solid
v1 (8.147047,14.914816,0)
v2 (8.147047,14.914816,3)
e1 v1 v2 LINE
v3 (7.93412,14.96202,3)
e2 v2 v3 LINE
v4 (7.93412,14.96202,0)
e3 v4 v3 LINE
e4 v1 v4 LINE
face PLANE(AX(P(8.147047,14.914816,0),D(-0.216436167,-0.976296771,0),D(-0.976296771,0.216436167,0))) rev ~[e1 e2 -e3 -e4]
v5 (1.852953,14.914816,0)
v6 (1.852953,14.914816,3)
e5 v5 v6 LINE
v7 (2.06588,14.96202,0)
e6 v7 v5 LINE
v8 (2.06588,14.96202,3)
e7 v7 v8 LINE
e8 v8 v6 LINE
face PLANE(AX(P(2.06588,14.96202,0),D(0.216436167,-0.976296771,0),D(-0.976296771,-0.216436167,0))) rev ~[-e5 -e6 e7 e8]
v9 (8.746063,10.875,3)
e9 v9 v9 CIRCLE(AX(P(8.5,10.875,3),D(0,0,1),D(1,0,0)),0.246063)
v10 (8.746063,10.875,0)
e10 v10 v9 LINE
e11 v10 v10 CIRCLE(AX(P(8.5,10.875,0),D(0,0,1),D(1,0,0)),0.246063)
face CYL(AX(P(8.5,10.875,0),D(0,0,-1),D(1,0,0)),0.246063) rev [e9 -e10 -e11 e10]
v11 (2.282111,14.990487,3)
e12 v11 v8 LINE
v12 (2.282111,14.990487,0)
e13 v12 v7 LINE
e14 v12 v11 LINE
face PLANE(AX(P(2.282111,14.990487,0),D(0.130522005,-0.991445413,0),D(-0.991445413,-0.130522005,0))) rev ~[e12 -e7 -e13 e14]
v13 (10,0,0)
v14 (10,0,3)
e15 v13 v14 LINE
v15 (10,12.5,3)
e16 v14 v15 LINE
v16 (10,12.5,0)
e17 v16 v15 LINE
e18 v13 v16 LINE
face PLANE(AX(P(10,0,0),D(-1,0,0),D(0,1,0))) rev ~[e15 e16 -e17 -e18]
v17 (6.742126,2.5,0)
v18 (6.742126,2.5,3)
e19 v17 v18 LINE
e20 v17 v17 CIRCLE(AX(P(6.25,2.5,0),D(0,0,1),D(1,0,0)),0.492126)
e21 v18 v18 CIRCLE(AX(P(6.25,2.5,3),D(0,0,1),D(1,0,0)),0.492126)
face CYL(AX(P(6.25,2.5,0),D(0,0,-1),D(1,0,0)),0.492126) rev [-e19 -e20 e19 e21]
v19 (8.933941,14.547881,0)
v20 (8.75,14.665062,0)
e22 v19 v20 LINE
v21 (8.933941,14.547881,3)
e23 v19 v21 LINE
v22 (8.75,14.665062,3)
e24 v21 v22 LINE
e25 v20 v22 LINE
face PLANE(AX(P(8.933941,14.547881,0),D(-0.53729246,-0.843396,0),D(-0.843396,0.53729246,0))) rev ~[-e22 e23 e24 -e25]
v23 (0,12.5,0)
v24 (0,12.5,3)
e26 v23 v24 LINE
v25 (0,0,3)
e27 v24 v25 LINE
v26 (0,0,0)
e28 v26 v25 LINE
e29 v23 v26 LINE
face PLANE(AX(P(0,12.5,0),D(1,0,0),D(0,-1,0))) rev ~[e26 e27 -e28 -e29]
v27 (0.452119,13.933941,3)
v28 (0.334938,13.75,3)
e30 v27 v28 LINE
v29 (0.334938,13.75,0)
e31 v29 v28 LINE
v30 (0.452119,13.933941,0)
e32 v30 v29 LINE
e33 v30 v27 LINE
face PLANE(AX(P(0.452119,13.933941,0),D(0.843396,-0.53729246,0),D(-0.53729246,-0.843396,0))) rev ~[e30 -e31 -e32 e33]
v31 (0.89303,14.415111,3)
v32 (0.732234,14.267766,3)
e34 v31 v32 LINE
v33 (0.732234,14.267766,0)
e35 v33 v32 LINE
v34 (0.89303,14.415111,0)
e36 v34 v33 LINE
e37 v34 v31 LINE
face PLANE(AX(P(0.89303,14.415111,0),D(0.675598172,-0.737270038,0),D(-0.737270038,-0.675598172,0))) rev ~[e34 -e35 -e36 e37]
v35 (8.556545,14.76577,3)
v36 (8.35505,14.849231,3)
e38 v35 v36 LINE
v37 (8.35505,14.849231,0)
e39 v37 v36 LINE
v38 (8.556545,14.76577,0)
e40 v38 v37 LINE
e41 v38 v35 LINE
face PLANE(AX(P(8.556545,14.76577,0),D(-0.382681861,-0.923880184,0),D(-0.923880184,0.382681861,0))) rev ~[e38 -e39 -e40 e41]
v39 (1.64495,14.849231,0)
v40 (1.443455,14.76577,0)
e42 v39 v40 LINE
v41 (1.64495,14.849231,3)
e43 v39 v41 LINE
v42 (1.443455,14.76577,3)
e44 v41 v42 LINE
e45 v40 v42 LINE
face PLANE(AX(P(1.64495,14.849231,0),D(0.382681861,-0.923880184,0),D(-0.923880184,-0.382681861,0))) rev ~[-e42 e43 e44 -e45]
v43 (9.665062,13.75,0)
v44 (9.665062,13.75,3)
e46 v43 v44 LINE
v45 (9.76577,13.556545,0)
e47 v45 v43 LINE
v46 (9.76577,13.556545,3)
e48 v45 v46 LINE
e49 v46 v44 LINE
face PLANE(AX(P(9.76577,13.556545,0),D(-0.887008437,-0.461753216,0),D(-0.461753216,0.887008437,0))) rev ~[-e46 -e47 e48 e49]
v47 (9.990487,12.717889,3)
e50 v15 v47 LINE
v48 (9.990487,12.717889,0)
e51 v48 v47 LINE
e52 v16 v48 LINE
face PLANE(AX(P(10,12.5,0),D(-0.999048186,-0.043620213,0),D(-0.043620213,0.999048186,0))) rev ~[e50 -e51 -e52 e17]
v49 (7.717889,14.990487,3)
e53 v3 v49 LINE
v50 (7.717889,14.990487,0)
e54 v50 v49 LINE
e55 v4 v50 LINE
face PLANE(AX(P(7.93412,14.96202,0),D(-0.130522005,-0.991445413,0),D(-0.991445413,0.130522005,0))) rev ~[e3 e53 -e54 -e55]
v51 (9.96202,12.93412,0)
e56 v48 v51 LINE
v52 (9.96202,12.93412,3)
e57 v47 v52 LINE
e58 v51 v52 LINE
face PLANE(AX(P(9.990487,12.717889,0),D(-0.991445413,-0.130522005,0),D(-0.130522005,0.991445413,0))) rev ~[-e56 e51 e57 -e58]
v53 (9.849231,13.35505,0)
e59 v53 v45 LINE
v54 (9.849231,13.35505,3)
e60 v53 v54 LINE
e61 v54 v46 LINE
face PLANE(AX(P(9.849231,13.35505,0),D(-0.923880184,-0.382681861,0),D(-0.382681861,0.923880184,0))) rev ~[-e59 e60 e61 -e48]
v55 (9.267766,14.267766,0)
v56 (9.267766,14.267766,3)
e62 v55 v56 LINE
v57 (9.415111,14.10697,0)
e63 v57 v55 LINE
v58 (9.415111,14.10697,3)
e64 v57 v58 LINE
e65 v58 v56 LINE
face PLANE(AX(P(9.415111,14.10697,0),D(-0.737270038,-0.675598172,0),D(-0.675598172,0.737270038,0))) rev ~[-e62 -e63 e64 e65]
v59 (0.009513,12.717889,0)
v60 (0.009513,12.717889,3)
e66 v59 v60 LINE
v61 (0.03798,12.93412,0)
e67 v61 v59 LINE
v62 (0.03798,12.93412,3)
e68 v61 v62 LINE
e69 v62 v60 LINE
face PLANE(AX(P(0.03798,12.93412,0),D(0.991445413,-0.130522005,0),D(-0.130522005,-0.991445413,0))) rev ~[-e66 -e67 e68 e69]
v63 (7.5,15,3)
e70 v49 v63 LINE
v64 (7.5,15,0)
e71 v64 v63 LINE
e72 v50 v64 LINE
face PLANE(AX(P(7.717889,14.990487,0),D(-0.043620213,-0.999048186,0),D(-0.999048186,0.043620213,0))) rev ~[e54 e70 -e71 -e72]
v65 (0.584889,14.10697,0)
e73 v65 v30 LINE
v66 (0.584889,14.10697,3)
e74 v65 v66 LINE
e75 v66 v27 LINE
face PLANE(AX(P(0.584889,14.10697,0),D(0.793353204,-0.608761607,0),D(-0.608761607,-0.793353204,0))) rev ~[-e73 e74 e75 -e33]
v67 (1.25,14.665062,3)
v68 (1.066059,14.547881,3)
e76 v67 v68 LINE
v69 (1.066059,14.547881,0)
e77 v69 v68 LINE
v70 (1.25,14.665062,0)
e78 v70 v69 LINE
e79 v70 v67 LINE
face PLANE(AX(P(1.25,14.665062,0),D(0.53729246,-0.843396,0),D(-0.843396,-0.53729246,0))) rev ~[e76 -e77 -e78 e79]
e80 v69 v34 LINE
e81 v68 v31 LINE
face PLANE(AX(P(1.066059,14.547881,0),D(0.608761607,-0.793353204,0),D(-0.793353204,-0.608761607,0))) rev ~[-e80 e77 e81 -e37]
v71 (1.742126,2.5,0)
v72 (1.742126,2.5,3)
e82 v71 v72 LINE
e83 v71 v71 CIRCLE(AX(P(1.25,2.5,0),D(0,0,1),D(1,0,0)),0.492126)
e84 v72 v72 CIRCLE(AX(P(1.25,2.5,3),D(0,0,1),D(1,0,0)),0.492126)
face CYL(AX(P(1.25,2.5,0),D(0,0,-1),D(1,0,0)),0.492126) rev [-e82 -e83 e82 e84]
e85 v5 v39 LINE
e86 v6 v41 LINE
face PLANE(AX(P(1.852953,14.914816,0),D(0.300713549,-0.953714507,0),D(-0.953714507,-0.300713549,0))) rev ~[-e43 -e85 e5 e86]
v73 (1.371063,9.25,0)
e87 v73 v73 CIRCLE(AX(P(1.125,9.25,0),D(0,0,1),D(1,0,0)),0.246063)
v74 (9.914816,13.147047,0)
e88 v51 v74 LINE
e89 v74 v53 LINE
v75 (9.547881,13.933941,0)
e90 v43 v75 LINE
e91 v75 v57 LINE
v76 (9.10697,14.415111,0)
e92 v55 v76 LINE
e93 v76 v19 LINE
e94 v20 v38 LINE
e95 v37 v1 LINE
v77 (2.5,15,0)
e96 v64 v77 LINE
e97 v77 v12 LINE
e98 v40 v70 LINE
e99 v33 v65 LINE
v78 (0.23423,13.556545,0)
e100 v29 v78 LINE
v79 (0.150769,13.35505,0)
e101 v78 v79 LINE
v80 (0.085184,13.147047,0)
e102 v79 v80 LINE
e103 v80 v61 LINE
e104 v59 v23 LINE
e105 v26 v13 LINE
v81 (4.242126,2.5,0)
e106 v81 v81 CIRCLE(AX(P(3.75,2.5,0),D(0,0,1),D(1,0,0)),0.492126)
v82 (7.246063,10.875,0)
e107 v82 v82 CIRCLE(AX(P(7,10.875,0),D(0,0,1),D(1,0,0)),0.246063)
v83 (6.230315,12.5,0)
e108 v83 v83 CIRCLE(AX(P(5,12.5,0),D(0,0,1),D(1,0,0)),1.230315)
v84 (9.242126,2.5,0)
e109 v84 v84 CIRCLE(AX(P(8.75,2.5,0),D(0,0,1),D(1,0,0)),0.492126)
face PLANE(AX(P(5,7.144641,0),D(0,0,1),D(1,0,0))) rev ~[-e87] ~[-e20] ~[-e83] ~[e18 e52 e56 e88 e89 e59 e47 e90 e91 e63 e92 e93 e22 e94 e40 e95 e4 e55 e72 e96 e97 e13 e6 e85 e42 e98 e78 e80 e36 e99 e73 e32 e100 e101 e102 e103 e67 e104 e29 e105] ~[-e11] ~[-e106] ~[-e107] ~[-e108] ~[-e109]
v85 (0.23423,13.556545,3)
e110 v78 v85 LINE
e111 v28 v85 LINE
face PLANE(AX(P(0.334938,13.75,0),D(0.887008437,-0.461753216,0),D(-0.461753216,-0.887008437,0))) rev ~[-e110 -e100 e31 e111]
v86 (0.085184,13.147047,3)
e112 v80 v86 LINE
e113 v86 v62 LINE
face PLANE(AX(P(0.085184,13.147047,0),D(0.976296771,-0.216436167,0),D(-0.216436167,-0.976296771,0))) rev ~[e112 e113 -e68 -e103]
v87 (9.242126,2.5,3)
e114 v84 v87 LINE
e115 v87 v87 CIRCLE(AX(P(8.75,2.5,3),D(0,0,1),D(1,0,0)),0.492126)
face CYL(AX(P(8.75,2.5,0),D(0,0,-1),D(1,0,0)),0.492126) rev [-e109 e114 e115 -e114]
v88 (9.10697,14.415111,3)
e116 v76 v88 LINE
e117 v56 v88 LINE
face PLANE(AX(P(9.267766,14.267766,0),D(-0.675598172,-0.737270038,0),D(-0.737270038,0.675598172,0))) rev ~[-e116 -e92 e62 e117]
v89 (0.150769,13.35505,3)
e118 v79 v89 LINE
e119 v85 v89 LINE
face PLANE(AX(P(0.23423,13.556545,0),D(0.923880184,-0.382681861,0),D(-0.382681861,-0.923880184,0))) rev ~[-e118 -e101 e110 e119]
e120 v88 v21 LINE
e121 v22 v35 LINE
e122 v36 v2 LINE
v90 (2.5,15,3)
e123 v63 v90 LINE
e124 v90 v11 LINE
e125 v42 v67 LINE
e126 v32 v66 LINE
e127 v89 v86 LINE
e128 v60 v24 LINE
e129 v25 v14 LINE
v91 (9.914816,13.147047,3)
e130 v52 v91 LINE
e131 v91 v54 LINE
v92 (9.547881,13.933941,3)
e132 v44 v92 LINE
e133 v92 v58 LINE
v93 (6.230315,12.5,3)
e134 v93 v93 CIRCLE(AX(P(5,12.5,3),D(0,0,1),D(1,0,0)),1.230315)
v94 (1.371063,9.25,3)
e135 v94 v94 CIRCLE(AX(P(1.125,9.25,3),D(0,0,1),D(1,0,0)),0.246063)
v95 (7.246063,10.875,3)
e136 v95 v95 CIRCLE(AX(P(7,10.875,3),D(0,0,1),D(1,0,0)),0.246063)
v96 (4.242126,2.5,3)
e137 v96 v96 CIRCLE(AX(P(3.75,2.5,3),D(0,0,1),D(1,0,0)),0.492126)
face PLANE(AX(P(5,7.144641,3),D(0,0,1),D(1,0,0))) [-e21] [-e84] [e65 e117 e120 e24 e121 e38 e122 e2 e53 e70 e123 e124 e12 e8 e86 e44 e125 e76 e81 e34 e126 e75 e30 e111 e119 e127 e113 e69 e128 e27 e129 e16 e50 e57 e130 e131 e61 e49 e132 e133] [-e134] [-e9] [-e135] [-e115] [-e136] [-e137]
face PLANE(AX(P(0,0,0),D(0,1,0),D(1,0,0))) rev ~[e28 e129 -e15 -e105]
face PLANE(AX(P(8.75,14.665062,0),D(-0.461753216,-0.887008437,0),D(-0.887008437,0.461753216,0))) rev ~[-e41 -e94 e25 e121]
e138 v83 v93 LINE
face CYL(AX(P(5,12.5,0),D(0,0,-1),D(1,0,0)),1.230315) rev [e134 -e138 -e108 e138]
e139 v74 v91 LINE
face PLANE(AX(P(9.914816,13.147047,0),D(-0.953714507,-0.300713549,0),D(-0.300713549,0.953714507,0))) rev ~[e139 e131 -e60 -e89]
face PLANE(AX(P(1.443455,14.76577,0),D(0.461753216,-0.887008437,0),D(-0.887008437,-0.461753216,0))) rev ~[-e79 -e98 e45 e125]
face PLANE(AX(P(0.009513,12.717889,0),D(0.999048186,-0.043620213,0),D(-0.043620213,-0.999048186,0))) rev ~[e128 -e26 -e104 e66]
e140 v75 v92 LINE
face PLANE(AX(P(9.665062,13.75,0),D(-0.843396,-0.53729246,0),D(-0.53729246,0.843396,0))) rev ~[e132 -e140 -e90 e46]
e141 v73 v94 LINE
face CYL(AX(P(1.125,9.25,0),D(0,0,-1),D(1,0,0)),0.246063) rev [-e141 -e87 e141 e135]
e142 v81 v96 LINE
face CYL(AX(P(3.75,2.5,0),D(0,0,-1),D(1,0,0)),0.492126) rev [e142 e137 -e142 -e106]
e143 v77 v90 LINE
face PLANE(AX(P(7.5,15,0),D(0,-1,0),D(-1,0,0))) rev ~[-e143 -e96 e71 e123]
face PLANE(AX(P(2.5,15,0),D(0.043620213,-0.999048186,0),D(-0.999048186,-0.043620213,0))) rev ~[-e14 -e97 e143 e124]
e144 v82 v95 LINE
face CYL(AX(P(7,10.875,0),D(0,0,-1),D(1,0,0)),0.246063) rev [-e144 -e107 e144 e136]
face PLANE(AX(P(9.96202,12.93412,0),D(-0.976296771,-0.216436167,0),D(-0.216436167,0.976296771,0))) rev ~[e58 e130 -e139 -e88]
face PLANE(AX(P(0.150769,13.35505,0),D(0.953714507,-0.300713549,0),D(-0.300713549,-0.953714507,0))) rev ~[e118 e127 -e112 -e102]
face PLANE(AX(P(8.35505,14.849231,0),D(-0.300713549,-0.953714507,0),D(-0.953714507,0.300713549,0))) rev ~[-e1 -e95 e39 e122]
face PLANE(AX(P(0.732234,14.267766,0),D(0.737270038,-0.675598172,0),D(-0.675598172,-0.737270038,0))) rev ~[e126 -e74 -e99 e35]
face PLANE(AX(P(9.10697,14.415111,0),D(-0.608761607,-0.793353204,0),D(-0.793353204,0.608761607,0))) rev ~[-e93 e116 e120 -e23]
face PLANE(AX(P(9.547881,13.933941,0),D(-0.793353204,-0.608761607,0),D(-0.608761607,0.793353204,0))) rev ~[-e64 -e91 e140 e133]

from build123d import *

# Parameters (mm, degrees)
MODEL_R             = 1.230314961
MODEL_R_2           = 0.492125984
MODEL_R_3           = 0.246062992
BOSS_EXTRUDE1_DEPTH = 3


with BuildPart() as part:
    # Model → Boss-Extrude1 (new body)
    with BuildSketch(Plane.XY):
        Polygon((0, 0), (10, 0), (10, 12.5), (9.99048659, 12.71788878), (9.962020177, 12.93411971), (9.914816068, 13.147047244), (9.849231053, 13.355050443), (9.765769562, 13.556545276), (9.665062131, 13.75), (9.547880782, 13.933941314), (9.415111344, 14.106969734), (9.267765748, 14.267765748), (9.106969734, 14.415111344), (8.933941314, 14.547880782), (8.75, 14.665062131), (8.556545276, 14.765769562), (8.355050443, 14.849231053), (8.147047244, 14.914816068), (7.93411971, 14.962020177), (7.71788878, 14.99048659), (7.5, 15), (2.5, 15), (2.28211122, 14.99048659), (2.06588029, 14.962020177), (1.852952756, 14.914816068), (1.644949557, 14.849231053), (1.443454724, 14.765769562), (1.25, 14.665062131), (1.066058686, 14.547880782), (0.893030266, 14.415111344), (0.732234252, 14.267765748), (0.584888656, 14.106969734), (0.452119218, 13.933941314), (0.334937869, 13.75), (0.234230438, 13.556545276), (0.150768947, 13.355050443), (0.085183932, 13.147047244), (0.037979823, 12.93411971), (0.00951341, 12.71788878), (0, 12.5), align=None)
        with Locations((5, 12.5)):
            Circle(MODEL_R, mode=Mode.SUBTRACT)
        with Locations((8.75, 2.5)):
            Circle(MODEL_R_2, mode=Mode.SUBTRACT)
        with Locations((6.25, 2.5)):
            Circle(MODEL_R_2, mode=Mode.SUBTRACT)
        with Locations((3.75, 2.5)):
            Circle(MODEL_R_2, mode=Mode.SUBTRACT)
        with Locations((1.25, 2.5)):
            Circle(MODEL_R_2, mode=Mode.SUBTRACT)
        with Locations((1.125, 9.25)):
            Circle(MODEL_R_3, mode=Mode.SUBTRACT)
        with Locations((8.5, 10.875)):
            Circle(MODEL_R_3, mode=Mode.SUBTRACT)
        with Locations((7, 10.875)):
            Circle(MODEL_R_3, mode=Mode.SUBTRACT)
    extrude(amount=BOSS_EXTRUDE1_DEPTH)


solid = part.part
